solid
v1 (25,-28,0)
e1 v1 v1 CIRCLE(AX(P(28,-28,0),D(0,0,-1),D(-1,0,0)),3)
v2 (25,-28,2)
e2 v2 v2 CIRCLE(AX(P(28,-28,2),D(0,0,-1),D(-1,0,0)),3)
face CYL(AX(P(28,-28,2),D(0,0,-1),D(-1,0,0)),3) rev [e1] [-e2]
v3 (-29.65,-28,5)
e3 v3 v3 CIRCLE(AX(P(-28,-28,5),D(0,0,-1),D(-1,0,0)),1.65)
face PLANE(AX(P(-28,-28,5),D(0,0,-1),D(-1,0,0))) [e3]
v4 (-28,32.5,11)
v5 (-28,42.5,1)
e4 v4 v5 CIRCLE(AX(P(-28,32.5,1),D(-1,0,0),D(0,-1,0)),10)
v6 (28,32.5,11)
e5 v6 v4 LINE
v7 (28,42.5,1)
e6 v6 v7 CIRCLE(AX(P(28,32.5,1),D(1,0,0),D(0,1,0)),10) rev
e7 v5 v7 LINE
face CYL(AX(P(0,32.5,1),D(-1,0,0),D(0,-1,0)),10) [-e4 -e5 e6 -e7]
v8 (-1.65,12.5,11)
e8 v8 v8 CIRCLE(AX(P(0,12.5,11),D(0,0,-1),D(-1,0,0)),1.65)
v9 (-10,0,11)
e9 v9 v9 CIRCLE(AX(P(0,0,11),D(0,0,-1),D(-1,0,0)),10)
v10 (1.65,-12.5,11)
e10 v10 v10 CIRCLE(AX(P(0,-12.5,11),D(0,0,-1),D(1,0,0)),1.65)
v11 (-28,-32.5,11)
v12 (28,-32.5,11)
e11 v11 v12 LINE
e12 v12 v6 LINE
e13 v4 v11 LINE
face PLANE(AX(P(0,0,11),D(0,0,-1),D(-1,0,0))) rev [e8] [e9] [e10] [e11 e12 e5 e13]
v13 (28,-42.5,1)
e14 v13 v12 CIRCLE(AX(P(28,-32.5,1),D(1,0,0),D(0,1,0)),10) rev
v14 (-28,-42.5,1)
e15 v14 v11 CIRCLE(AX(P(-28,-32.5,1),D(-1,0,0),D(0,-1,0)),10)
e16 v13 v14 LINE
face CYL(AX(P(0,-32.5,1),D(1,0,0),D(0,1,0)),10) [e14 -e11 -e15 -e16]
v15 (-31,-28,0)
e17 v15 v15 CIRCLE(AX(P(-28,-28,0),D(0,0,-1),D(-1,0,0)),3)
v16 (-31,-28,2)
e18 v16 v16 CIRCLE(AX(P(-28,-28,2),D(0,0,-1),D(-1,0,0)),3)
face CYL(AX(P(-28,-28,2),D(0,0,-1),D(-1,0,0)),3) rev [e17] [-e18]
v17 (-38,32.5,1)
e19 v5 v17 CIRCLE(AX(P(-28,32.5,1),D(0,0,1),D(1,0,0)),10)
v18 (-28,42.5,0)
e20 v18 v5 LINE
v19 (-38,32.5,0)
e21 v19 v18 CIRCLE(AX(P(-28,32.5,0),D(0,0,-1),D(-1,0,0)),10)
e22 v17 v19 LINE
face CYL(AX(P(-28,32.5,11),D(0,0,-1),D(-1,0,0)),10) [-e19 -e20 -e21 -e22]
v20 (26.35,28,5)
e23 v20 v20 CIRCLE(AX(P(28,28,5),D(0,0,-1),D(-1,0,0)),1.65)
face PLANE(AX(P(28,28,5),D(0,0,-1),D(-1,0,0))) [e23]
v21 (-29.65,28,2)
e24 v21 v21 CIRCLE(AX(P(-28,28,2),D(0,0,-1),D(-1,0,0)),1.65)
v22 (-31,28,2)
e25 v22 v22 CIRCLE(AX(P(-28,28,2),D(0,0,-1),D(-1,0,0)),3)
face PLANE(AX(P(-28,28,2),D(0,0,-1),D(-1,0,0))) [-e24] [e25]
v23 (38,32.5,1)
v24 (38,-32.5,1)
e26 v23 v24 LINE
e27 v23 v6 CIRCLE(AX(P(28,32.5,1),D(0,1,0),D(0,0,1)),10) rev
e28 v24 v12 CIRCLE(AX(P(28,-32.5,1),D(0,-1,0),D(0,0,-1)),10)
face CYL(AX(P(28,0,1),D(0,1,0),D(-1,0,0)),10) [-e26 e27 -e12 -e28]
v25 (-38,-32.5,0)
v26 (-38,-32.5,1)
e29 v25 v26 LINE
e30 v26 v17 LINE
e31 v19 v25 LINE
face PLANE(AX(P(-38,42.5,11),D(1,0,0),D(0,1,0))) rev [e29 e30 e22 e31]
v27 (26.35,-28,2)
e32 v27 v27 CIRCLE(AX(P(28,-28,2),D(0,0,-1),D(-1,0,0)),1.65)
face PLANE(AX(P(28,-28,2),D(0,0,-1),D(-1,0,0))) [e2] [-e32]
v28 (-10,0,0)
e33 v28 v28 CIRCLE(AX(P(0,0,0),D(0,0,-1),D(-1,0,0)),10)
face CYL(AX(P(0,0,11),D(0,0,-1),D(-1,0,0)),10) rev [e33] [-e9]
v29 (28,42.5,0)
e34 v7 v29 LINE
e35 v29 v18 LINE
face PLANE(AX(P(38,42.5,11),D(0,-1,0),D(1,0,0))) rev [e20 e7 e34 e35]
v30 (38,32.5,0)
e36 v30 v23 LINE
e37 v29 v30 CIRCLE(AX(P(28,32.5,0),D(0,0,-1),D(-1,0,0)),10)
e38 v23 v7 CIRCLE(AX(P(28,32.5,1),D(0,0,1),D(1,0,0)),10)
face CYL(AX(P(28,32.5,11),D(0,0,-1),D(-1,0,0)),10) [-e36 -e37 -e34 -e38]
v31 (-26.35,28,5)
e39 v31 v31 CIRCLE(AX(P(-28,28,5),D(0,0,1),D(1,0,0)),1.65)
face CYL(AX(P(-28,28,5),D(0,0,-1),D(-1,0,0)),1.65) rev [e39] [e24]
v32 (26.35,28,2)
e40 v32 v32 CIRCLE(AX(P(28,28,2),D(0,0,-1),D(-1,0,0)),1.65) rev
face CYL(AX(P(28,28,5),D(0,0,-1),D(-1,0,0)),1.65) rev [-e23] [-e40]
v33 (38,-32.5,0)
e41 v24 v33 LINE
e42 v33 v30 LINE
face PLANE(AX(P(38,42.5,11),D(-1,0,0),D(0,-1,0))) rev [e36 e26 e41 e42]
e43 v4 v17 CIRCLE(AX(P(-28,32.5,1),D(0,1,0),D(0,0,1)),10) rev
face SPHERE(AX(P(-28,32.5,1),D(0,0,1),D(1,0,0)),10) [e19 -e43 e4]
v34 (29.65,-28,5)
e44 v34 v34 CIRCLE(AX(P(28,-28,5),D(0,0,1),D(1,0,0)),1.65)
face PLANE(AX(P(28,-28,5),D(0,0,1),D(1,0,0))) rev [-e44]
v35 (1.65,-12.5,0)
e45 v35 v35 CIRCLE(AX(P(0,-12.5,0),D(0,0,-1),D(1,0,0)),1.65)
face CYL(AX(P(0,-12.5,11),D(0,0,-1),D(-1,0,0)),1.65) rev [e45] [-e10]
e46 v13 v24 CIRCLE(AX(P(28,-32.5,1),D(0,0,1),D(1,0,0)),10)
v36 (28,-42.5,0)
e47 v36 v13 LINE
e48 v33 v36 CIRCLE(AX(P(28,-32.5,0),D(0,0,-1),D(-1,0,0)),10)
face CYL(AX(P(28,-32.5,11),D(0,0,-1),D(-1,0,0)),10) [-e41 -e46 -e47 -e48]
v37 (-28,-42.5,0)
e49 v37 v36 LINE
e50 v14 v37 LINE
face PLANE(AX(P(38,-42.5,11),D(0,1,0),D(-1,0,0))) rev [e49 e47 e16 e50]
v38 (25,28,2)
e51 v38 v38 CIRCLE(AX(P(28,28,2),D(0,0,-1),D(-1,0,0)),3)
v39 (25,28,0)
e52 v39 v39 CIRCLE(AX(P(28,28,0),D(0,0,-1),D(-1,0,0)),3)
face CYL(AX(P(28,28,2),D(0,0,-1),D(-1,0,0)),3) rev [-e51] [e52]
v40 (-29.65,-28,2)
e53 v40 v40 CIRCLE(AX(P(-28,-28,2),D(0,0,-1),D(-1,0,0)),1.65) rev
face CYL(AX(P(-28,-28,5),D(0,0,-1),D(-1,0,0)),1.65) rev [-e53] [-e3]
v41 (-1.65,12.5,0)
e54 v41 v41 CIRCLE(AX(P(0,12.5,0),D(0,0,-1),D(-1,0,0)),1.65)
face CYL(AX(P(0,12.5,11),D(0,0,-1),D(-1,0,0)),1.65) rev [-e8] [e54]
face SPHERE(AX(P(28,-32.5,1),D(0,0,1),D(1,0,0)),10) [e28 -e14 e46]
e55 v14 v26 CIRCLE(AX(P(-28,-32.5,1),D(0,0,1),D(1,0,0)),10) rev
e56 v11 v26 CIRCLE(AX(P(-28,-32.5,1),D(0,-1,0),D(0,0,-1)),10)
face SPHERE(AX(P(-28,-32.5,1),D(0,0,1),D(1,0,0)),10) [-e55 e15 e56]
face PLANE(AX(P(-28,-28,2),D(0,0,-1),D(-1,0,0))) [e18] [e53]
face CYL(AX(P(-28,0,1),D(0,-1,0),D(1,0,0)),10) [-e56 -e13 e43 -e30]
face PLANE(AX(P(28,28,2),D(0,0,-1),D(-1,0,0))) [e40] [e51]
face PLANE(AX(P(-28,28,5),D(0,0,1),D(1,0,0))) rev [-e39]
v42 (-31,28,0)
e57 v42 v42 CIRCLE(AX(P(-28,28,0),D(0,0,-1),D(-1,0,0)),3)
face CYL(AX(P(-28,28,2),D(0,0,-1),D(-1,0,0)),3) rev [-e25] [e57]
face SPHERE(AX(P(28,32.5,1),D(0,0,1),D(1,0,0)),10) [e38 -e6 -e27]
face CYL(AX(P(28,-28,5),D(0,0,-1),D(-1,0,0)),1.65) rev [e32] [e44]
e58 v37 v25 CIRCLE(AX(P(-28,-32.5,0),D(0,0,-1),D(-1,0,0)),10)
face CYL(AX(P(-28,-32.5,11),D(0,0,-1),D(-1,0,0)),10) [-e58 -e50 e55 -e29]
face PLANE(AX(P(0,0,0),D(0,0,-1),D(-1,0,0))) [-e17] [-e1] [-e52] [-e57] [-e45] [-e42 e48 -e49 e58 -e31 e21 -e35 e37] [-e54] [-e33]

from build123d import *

# Parameters (mm, degrees)
CROQUIS1_W              = 76
CROQUIS1_H              = 85
SALIENTE_EXTRUIR1_DEPTH = 11
CROQUIS3_R              = 1.65
CORTAR_EXTRUIR2_DEPTH   = 5
CROQUIS4_R              = 3
CORTAR_EXTRUIR3_DEPTH   = 2
REDONDEO3_R             = 10
CROQUIS5_R              = 10
CROQUIS5_R_2            = 1.65
CORTAR_EXTRUIR4_DEPTH   = 12


with BuildPart() as part:
    # Croquis1 → Saliente-Extruir1 (new body)
    with BuildSketch(Plane.XY):
        Rectangle(CROQUIS1_W, CROQUIS1_H)
    extrude(amount=SALIENTE_EXTRUIR1_DEPTH)

    # Croquis3 → Cortar-Extruir2 (cut)
    with BuildSketch(Plane(origin=(0, 0, 0), x_dir=(-1, 0, 0), z_dir=(0, 0, -1))):
        with Locations((28, -28)):
            Circle(CROQUIS3_R)
        with Locations((-28, -28)):
            Circle(CROQUIS3_R)
        with Locations((-28, 28)):
            Circle(CROQUIS3_R)
        with Locations((28, 28)):
            Circle(CROQUIS3_R)
    extrude(amount=-CORTAR_EXTRUIR2_DEPTH, mode=Mode.SUBTRACT)

    # Croquis4 → Cortar-Extruir3 (cut)
    with BuildSketch(Plane(origin=(0, 0, 0), x_dir=(-1, 0, 0), z_dir=(0, 0, -1))):
        with Locations((28, 28)):
            Circle(CROQUIS4_R)
        with Locations((28, -28)):
            Circle(CROQUIS4_R)
        with Locations((-28, 28)):
            Circle(CROQUIS4_R)
        with Locations((-28, -28)):
            Circle(CROQUIS4_R)
    extrude(amount=-CORTAR_EXTRUIR3_DEPTH, mode=Mode.SUBTRACT)

    # Redondeo3
    redondeo3_edges = [part.edges().sort_by_distance(p)[0] for p in [
        (38, 0, 11),
        (0, 42.5, 11),
        (-38, 0, 11),
        (0, -42.5, 11),
        (-38, 42.5, 5.5),
        (38, 42.5, 5.5),
        (38, -42.5, 5.5),
        (-38, -42.5, 5.5),
    ]]
    fillet(redondeo3_edges, radius=REDONDEO3_R)

    # Croquis5 → Cortar-Extruir4 (cut, through all)
    with BuildSketch(Plane(origin=(0, 0, 0), x_dir=(-1, 0, 0), z_dir=(0, 0, -1))):
        Circle(CROQUIS5_R)
        with Locations((0, 12.5)):
            Circle(CROQUIS5_R_2)
        with Locations((0, -12.5)):
            Circle(CROQUIS5_R_2)
    extrude(amount=-CORTAR_EXTRUIR4_DEPTH, mode=Mode.SUBTRACT)


solid = part.part
